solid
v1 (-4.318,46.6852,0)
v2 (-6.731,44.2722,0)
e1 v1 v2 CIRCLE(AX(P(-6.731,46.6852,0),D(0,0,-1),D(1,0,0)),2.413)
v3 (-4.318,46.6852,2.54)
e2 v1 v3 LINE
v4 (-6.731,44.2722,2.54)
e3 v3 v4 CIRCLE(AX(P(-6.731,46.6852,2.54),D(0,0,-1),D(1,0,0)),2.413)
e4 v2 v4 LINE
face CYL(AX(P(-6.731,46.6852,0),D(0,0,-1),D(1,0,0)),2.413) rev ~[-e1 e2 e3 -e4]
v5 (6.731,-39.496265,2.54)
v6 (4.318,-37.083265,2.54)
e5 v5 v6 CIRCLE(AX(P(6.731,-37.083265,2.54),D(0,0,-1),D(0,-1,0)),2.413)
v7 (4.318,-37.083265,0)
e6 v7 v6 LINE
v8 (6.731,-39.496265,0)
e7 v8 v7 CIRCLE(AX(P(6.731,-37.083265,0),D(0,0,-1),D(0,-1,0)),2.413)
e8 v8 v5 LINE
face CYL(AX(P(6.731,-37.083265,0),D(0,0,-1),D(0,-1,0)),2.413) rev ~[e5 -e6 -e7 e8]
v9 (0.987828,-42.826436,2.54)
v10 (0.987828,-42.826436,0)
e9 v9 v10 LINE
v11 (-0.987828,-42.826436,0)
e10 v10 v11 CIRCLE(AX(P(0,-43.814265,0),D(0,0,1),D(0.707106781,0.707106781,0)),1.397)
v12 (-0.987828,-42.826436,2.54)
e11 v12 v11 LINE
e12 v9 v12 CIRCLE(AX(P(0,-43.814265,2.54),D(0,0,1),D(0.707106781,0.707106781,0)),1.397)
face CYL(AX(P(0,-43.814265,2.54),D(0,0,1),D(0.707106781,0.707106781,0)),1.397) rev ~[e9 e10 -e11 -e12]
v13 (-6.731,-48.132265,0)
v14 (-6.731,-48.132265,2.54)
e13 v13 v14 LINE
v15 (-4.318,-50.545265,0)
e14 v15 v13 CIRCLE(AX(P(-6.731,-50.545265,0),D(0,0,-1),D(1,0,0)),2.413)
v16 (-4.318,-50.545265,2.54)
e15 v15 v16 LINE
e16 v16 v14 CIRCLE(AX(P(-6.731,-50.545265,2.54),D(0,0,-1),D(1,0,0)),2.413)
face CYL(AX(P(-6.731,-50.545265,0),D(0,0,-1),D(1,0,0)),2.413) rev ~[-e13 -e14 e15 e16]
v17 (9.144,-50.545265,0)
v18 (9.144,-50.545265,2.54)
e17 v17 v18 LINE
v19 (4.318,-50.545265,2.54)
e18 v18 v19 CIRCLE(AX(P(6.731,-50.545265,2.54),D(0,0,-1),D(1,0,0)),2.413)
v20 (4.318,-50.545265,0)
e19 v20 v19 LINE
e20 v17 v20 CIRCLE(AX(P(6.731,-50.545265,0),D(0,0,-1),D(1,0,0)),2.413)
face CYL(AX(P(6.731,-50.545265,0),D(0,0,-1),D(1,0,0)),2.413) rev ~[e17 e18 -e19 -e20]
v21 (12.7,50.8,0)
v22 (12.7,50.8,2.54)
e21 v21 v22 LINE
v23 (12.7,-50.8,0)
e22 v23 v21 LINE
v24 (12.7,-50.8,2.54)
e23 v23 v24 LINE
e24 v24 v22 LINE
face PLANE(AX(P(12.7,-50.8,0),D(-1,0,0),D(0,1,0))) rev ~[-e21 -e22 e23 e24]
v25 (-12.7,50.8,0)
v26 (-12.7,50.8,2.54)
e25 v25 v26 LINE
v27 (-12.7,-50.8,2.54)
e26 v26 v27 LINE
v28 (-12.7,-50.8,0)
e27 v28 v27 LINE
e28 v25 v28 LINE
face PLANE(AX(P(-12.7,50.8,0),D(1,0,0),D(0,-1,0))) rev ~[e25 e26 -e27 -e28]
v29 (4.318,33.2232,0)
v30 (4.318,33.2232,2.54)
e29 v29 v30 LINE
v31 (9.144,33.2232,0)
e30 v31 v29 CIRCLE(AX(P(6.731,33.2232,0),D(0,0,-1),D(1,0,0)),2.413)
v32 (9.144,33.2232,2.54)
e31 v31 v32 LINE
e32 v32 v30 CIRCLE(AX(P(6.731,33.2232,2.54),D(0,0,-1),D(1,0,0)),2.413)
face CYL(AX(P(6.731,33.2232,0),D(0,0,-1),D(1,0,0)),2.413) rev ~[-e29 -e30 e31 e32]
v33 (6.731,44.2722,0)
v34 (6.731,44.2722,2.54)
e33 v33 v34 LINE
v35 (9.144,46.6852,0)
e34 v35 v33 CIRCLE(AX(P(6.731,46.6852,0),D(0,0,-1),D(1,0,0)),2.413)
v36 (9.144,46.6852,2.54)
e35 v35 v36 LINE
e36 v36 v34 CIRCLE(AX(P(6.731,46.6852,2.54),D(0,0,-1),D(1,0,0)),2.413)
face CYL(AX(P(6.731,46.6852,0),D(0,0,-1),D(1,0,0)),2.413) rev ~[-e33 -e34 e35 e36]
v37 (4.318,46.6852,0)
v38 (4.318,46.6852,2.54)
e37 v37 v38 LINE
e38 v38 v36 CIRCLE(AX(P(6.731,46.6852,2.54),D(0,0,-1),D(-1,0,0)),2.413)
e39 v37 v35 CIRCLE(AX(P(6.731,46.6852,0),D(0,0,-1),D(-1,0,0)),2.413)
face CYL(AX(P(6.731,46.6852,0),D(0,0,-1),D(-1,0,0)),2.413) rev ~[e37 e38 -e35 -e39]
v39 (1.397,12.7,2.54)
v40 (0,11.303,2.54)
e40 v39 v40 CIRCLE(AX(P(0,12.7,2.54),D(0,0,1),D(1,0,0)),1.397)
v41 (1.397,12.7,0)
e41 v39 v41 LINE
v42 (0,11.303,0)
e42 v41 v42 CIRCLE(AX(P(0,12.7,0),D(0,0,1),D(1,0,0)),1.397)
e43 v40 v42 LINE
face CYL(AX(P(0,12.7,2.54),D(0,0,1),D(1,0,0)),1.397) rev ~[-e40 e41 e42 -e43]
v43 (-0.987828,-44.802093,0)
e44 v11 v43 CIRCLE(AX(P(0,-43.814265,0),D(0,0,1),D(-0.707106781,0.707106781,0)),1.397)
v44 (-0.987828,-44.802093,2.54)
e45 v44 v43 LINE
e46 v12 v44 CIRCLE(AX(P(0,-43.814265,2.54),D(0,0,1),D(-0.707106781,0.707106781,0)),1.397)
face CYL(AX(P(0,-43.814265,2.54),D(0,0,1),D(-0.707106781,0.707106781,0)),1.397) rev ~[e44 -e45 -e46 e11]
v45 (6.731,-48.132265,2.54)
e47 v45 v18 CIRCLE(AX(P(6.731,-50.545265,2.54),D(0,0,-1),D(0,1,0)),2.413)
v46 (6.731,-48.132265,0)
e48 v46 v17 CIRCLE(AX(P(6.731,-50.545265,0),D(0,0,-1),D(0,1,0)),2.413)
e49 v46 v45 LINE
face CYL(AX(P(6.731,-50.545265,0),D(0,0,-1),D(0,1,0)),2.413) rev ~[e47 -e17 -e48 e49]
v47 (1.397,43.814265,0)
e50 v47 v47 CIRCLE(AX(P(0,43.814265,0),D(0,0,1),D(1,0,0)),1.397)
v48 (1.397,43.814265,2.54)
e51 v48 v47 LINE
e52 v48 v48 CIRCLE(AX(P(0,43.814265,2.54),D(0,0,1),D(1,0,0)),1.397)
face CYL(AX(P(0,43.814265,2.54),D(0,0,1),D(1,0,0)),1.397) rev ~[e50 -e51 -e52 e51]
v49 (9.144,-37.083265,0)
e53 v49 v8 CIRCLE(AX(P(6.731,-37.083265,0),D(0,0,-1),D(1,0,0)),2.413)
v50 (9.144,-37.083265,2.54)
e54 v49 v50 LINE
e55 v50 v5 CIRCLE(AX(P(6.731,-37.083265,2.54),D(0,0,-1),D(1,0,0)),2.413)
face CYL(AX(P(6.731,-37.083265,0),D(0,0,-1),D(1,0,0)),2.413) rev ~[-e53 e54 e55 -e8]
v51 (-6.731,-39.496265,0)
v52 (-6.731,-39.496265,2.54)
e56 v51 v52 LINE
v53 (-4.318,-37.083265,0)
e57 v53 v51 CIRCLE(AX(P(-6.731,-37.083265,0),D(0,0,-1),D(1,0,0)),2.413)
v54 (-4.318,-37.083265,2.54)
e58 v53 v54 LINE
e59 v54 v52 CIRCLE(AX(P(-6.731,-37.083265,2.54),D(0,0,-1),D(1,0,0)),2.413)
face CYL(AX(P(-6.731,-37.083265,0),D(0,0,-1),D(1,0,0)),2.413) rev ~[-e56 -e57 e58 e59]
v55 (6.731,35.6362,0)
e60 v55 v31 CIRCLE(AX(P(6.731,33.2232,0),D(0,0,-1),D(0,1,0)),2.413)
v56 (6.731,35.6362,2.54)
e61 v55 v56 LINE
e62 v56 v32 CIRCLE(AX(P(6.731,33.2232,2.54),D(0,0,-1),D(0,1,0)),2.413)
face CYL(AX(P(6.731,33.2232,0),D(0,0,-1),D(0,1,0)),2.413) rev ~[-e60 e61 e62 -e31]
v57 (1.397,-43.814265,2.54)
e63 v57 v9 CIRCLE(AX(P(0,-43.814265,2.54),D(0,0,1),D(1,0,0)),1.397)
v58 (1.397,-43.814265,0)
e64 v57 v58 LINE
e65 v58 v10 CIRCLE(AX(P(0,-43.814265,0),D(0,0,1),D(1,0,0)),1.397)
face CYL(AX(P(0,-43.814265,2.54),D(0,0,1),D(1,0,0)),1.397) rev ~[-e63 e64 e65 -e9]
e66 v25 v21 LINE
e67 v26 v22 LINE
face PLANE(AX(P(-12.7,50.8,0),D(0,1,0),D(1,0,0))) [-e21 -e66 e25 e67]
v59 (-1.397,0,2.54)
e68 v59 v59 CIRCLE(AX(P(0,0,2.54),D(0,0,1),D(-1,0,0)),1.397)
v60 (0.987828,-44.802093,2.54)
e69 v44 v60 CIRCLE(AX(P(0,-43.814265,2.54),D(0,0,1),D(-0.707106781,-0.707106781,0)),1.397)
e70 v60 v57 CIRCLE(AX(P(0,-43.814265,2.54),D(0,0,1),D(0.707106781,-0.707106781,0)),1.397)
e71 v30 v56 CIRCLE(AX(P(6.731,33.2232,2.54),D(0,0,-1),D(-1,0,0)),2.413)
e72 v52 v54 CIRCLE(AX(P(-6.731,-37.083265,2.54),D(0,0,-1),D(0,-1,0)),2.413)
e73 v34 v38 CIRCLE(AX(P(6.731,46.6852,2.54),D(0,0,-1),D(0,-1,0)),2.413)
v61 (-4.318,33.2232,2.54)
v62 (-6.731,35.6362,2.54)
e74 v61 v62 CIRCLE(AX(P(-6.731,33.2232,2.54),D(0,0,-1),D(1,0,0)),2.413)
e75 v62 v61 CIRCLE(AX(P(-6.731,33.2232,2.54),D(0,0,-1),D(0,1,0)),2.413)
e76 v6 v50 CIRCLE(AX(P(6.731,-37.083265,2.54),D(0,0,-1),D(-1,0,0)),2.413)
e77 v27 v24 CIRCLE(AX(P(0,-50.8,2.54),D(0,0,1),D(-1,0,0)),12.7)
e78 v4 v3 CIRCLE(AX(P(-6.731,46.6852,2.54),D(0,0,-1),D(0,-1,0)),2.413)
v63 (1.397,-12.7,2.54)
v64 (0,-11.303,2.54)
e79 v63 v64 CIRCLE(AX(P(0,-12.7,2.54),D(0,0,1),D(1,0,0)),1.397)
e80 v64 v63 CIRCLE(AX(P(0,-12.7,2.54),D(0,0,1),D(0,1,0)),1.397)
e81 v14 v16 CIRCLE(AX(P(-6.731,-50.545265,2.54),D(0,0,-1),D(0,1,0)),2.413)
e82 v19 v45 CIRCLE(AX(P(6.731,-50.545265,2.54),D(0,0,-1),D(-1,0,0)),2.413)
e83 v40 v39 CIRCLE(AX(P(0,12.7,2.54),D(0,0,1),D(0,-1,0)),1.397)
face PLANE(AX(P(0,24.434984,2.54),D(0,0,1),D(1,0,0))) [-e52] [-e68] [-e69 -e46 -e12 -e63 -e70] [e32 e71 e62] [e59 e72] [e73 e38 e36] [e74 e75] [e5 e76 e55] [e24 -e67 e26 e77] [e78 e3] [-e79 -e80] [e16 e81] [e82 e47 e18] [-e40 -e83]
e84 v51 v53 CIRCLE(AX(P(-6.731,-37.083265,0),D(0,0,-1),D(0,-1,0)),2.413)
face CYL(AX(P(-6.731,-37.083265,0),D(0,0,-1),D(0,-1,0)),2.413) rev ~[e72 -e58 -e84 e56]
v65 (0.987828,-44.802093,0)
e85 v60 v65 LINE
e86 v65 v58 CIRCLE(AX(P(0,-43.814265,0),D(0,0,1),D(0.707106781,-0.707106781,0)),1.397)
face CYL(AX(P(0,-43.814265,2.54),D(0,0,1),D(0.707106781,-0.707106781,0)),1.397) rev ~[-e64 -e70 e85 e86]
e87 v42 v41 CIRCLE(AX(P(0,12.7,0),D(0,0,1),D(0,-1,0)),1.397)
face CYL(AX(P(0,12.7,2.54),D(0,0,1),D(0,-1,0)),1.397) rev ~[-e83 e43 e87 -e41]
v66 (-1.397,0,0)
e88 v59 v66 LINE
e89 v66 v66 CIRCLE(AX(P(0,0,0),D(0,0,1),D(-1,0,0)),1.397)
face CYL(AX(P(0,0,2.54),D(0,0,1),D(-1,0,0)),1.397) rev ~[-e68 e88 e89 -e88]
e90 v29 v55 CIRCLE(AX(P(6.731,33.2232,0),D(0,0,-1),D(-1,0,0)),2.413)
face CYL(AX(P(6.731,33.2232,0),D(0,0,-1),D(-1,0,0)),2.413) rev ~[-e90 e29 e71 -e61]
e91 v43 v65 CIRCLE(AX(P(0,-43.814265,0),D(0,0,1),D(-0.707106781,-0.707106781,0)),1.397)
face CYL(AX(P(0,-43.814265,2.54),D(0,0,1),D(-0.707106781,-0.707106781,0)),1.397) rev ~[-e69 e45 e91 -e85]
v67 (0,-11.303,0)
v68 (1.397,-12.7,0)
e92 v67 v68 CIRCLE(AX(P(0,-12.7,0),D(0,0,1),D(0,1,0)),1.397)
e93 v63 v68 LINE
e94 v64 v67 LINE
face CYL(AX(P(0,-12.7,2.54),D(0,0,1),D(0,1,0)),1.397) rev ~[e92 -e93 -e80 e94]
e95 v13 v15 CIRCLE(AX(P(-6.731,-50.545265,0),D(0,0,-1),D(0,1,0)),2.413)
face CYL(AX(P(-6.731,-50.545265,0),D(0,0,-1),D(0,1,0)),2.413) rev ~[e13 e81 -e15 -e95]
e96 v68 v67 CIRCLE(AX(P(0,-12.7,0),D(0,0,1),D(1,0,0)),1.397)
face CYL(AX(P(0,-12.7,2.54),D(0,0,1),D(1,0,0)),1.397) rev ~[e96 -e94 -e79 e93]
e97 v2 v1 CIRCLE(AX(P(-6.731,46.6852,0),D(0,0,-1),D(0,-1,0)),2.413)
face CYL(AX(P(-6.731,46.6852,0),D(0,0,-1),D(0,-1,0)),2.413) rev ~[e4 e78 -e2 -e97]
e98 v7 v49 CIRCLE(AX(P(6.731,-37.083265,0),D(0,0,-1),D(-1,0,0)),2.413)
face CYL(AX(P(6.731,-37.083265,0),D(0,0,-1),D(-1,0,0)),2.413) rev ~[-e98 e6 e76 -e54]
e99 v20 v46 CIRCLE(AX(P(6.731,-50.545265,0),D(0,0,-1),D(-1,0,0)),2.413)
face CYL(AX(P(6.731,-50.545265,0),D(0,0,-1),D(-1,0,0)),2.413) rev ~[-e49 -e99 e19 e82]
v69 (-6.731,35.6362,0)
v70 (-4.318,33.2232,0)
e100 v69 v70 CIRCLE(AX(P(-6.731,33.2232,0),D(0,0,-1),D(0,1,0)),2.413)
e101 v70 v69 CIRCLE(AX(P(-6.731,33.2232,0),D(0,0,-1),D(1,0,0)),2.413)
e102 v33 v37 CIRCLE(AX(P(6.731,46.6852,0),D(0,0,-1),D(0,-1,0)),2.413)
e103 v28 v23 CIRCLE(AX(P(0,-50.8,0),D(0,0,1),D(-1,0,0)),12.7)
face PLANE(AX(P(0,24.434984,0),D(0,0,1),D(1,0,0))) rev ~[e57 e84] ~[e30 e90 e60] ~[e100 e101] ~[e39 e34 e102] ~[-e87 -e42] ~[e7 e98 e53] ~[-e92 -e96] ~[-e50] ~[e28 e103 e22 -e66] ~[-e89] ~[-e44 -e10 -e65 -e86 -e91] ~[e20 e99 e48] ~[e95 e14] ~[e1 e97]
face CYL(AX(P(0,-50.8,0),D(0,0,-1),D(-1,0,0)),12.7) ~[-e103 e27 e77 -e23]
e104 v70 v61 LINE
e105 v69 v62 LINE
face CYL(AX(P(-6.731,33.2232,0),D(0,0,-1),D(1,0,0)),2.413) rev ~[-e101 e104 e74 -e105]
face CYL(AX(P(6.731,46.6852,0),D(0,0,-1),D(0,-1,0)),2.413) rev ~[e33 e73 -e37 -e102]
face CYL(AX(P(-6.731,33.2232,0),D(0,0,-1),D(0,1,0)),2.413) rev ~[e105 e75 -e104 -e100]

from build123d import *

# Parameters (mm, degrees)
F0_W     = 25.4
F0_H     = 52.7300323124
F1_DEPTH = 2.54
F2_R     = 1.397
F3_DEPTH = 2.541
F5_DEPTH = 25.4


with BuildPart() as f1:
    # F0 (on Top) → F1 (new body)
    with BuildSketch(Plane.XY):
        with Locations((0, 24.4349838438)):
            Rectangle(F0_W, F0_H)
        with BuildLine():
            Line((4.318, 33.2232), (-4.318, 33.2232))
            ThreePointArc((-4.318, 33.2232), (-8.437248663, 31.516951337), (-6.731, 35.6362))
            Line((-6.731, 35.6362), (-6.731, 44.2722))
            ThreePointArc((-6.731, 44.2722), (-8.437248663, 48.391448663), (-4.318, 46.6852))
            Line((-4.318, 46.6852), (4.318, 46.6852))
            ThreePointArc((4.318, 46.6852), (6.731, 49.0982), (9.144, 46.6852))
            ThreePointArc((9.144, 46.6852), (8.437248663, 44.978951337), (6.731, 44.2722))
            Line((6.731, 44.2722), (6.731, 35.6362))
            ThreePointArc((6.731, 35.6362), (8.437248663, 34.929448663), (9.144, 33.2232))
            ThreePointArc((9.144, 33.2232), (6.731, 30.8102), (4.318, 33.2232))
        make_face(mode=Mode.SUBTRACT)
        with BuildLine():
            Line((12.7, -50.8), (12.7, -1.9300323124))
            Line((12.7, -1.9300323124), (-12.7, -1.9300323124))
            Line((-12.7, -1.9300323124), (-12.7, -50.8))
            ThreePointArc((-12.7, -50.8), (0, -63.5), (12.7, -50.8))
        make_face()
        with BuildLine():
            Line((4.318, -50.5452646249), (-4.318, -50.5452646249))
            ThreePointArc((-4.318, -50.5452646249), (-8.437248663, -52.2515132879), (-6.731, -48.1322646249))
            Line((-6.731, -48.1322646249), (-6.731, -39.4962646249))
            ThreePointArc((-6.731, -39.4962646249), (-8.437248663, -35.3770159619), (-4.318, -37.0832646249))
            Line((-4.318, -37.0832646249), (4.318, -37.0832646249))
            ThreePointArc((4.318, -37.0832646249), (6.731, -34.6702646249), (9.144, -37.0832646249))
            ThreePointArc((9.144, -37.0832646249), (8.437248663, -38.7895132879), (6.731, -39.4962646249))
            Line((6.731, -39.4962646249), (6.731, -48.1322646249))
            ThreePointArc((6.731, -48.1322646249), (8.437248663, -48.8390159619), (9.144, -50.5452646249))
            ThreePointArc((9.144, -50.5452646249), (6.731, -52.9582646249), (4.318, -50.5452646249))
        make_face(mode=Mode.SUBTRACT)
        with BuildLine():
            ThreePointArc((-6.731, -48.1322646249), (-5.024751337, -48.8390159619), (-4.318, -50.5452646249))
            Line((-4.318, -50.5452646249), (4.318, -50.5452646249))
            ThreePointArc((4.318, -50.5452646249), (5.024751337, -48.8390159619), (6.731, -48.1322646249))
            Line((6.731, -48.1322646249), (6.731, -39.4962646249))
            ThreePointArc((6.731, -39.4962646249), (5.024751337, -38.7895132879), (4.318, -37.0832646249))
            Line((4.318, -37.0832646249), (-4.318, -37.0832646249))
            ThreePointArc((-4.318, -37.0832646249), (-5.024751337, -38.7895132879), (-6.731, -39.4962646249))
            Line((-6.731, -39.4962646249), (-6.731, -48.1322646249))
        make_face()
        with BuildLine():
            ThreePointArc((-6.731, 35.6362), (-5.024751337, 34.929448663), (-4.318, 33.2232))
            Line((-4.318, 33.2232), (4.318, 33.2232))
            ThreePointArc((4.318, 33.2232), (5.024751337, 34.929448663), (6.731, 35.6362))
            Line((6.731, 35.6362), (6.731, 44.2722))
            ThreePointArc((6.731, 44.2722), (5.024751337, 44.978951337), (4.318, 46.6852))
            Line((4.318, 46.6852), (-4.318, 46.6852))
            ThreePointArc((-4.318, 46.6852), (-5.024751337, 44.978951337), (-6.731, 44.2722))
            Line((-6.731, 44.2722), (-6.731, 35.6362))
        make_face()
    extrude(amount=F1_DEPTH)

    # F2 (on face) → F3 (cut, through all)
    with BuildSketch(Plane.XY.offset(2.54)):
        with BuildLine():
            Line((-1.397, 0), (1.397, 0))
            ThreePointArc((1.397, 0), (0, 1.397), (-1.397, 0))
        make_face()
        with BuildLine():
            ThreePointArc((-1.397, 0), (0, -1.397), (1.397, 0))
            Line((1.397, 0), (-1.397, 0))
        make_face()
        with BuildLine():
            ThreePointArc((0.9878281733, -42.8264364516), (0, -42.4172646249), (-0.9878281733, -42.8264364516))
            Line((-0.9878281733, -42.8264364516), (0, -43.8142646249))
            Line((0, -43.8142646249), (0.9878281733, -42.8264364516))
        make_face()
        with BuildLine():
            Line((0, -43.8142646249), (-0.9878281733, -42.8264364516))
            ThreePointArc((-0.9878281733, -42.8264364516), (-1.397, -43.8142646249), (-0.9878281733, -44.8020927982))
            Line((-0.9878281733, -44.8020927982), (0, -43.8142646249))
        make_face()
        with BuildLine():
            Line((0.9878281733, -42.8264364516), (0, -43.8142646249))
            Line((0, -43.8142646249), (0.9878281733, -44.8020927982))
            ThreePointArc((0.9878281733, -44.8020927982), (1.2906597069, -44.3488733799), (1.397, -43.8142646249))
            ThreePointArc((1.397, -43.8142646249), (1.2906597069, -43.2796558699), (0.9878281733, -42.8264364516))
        make_face()
        with BuildLine():
            Line((0.9878281733, -44.8020927982), (0, -43.8142646249))
            Line((0, -43.8142646249), (-0.9878281733, -44.8020927982))
            ThreePointArc((-0.9878281733, -44.8020927982), (0, -45.2112646249), (0.9878281733, -44.8020927982))
        make_face()
        with Locations((0, 43.8142646249)):
            Circle(F2_R)
    extrude(amount=-F3_DEPTH, mode=Mode.SUBTRACT)

    # F4 (on face) → F5 (cut)
    with BuildSketch(Plane.XY.offset(2.54)):
        with BuildLine():
            ThreePointArc((1.397, 12.7), (-0.9878281733, 13.6878281733), (0, 11.303))
            ThreePointArc((0, 11.303), (0.9878281733, 11.7121718267), (1.397, 12.7))
        make_face()
        with BuildLine():
            ThreePointArc((1.397, -12.7), (0.9878281733, -11.7121718267), (0, -11.303))
            ThreePointArc((0, -11.303), (-0.9878281733, -13.6878281733), (1.397, -12.7))
        make_face()
    extrude(amount=-F5_DEPTH, mode=Mode.SUBTRACT)


solid = f1.part
